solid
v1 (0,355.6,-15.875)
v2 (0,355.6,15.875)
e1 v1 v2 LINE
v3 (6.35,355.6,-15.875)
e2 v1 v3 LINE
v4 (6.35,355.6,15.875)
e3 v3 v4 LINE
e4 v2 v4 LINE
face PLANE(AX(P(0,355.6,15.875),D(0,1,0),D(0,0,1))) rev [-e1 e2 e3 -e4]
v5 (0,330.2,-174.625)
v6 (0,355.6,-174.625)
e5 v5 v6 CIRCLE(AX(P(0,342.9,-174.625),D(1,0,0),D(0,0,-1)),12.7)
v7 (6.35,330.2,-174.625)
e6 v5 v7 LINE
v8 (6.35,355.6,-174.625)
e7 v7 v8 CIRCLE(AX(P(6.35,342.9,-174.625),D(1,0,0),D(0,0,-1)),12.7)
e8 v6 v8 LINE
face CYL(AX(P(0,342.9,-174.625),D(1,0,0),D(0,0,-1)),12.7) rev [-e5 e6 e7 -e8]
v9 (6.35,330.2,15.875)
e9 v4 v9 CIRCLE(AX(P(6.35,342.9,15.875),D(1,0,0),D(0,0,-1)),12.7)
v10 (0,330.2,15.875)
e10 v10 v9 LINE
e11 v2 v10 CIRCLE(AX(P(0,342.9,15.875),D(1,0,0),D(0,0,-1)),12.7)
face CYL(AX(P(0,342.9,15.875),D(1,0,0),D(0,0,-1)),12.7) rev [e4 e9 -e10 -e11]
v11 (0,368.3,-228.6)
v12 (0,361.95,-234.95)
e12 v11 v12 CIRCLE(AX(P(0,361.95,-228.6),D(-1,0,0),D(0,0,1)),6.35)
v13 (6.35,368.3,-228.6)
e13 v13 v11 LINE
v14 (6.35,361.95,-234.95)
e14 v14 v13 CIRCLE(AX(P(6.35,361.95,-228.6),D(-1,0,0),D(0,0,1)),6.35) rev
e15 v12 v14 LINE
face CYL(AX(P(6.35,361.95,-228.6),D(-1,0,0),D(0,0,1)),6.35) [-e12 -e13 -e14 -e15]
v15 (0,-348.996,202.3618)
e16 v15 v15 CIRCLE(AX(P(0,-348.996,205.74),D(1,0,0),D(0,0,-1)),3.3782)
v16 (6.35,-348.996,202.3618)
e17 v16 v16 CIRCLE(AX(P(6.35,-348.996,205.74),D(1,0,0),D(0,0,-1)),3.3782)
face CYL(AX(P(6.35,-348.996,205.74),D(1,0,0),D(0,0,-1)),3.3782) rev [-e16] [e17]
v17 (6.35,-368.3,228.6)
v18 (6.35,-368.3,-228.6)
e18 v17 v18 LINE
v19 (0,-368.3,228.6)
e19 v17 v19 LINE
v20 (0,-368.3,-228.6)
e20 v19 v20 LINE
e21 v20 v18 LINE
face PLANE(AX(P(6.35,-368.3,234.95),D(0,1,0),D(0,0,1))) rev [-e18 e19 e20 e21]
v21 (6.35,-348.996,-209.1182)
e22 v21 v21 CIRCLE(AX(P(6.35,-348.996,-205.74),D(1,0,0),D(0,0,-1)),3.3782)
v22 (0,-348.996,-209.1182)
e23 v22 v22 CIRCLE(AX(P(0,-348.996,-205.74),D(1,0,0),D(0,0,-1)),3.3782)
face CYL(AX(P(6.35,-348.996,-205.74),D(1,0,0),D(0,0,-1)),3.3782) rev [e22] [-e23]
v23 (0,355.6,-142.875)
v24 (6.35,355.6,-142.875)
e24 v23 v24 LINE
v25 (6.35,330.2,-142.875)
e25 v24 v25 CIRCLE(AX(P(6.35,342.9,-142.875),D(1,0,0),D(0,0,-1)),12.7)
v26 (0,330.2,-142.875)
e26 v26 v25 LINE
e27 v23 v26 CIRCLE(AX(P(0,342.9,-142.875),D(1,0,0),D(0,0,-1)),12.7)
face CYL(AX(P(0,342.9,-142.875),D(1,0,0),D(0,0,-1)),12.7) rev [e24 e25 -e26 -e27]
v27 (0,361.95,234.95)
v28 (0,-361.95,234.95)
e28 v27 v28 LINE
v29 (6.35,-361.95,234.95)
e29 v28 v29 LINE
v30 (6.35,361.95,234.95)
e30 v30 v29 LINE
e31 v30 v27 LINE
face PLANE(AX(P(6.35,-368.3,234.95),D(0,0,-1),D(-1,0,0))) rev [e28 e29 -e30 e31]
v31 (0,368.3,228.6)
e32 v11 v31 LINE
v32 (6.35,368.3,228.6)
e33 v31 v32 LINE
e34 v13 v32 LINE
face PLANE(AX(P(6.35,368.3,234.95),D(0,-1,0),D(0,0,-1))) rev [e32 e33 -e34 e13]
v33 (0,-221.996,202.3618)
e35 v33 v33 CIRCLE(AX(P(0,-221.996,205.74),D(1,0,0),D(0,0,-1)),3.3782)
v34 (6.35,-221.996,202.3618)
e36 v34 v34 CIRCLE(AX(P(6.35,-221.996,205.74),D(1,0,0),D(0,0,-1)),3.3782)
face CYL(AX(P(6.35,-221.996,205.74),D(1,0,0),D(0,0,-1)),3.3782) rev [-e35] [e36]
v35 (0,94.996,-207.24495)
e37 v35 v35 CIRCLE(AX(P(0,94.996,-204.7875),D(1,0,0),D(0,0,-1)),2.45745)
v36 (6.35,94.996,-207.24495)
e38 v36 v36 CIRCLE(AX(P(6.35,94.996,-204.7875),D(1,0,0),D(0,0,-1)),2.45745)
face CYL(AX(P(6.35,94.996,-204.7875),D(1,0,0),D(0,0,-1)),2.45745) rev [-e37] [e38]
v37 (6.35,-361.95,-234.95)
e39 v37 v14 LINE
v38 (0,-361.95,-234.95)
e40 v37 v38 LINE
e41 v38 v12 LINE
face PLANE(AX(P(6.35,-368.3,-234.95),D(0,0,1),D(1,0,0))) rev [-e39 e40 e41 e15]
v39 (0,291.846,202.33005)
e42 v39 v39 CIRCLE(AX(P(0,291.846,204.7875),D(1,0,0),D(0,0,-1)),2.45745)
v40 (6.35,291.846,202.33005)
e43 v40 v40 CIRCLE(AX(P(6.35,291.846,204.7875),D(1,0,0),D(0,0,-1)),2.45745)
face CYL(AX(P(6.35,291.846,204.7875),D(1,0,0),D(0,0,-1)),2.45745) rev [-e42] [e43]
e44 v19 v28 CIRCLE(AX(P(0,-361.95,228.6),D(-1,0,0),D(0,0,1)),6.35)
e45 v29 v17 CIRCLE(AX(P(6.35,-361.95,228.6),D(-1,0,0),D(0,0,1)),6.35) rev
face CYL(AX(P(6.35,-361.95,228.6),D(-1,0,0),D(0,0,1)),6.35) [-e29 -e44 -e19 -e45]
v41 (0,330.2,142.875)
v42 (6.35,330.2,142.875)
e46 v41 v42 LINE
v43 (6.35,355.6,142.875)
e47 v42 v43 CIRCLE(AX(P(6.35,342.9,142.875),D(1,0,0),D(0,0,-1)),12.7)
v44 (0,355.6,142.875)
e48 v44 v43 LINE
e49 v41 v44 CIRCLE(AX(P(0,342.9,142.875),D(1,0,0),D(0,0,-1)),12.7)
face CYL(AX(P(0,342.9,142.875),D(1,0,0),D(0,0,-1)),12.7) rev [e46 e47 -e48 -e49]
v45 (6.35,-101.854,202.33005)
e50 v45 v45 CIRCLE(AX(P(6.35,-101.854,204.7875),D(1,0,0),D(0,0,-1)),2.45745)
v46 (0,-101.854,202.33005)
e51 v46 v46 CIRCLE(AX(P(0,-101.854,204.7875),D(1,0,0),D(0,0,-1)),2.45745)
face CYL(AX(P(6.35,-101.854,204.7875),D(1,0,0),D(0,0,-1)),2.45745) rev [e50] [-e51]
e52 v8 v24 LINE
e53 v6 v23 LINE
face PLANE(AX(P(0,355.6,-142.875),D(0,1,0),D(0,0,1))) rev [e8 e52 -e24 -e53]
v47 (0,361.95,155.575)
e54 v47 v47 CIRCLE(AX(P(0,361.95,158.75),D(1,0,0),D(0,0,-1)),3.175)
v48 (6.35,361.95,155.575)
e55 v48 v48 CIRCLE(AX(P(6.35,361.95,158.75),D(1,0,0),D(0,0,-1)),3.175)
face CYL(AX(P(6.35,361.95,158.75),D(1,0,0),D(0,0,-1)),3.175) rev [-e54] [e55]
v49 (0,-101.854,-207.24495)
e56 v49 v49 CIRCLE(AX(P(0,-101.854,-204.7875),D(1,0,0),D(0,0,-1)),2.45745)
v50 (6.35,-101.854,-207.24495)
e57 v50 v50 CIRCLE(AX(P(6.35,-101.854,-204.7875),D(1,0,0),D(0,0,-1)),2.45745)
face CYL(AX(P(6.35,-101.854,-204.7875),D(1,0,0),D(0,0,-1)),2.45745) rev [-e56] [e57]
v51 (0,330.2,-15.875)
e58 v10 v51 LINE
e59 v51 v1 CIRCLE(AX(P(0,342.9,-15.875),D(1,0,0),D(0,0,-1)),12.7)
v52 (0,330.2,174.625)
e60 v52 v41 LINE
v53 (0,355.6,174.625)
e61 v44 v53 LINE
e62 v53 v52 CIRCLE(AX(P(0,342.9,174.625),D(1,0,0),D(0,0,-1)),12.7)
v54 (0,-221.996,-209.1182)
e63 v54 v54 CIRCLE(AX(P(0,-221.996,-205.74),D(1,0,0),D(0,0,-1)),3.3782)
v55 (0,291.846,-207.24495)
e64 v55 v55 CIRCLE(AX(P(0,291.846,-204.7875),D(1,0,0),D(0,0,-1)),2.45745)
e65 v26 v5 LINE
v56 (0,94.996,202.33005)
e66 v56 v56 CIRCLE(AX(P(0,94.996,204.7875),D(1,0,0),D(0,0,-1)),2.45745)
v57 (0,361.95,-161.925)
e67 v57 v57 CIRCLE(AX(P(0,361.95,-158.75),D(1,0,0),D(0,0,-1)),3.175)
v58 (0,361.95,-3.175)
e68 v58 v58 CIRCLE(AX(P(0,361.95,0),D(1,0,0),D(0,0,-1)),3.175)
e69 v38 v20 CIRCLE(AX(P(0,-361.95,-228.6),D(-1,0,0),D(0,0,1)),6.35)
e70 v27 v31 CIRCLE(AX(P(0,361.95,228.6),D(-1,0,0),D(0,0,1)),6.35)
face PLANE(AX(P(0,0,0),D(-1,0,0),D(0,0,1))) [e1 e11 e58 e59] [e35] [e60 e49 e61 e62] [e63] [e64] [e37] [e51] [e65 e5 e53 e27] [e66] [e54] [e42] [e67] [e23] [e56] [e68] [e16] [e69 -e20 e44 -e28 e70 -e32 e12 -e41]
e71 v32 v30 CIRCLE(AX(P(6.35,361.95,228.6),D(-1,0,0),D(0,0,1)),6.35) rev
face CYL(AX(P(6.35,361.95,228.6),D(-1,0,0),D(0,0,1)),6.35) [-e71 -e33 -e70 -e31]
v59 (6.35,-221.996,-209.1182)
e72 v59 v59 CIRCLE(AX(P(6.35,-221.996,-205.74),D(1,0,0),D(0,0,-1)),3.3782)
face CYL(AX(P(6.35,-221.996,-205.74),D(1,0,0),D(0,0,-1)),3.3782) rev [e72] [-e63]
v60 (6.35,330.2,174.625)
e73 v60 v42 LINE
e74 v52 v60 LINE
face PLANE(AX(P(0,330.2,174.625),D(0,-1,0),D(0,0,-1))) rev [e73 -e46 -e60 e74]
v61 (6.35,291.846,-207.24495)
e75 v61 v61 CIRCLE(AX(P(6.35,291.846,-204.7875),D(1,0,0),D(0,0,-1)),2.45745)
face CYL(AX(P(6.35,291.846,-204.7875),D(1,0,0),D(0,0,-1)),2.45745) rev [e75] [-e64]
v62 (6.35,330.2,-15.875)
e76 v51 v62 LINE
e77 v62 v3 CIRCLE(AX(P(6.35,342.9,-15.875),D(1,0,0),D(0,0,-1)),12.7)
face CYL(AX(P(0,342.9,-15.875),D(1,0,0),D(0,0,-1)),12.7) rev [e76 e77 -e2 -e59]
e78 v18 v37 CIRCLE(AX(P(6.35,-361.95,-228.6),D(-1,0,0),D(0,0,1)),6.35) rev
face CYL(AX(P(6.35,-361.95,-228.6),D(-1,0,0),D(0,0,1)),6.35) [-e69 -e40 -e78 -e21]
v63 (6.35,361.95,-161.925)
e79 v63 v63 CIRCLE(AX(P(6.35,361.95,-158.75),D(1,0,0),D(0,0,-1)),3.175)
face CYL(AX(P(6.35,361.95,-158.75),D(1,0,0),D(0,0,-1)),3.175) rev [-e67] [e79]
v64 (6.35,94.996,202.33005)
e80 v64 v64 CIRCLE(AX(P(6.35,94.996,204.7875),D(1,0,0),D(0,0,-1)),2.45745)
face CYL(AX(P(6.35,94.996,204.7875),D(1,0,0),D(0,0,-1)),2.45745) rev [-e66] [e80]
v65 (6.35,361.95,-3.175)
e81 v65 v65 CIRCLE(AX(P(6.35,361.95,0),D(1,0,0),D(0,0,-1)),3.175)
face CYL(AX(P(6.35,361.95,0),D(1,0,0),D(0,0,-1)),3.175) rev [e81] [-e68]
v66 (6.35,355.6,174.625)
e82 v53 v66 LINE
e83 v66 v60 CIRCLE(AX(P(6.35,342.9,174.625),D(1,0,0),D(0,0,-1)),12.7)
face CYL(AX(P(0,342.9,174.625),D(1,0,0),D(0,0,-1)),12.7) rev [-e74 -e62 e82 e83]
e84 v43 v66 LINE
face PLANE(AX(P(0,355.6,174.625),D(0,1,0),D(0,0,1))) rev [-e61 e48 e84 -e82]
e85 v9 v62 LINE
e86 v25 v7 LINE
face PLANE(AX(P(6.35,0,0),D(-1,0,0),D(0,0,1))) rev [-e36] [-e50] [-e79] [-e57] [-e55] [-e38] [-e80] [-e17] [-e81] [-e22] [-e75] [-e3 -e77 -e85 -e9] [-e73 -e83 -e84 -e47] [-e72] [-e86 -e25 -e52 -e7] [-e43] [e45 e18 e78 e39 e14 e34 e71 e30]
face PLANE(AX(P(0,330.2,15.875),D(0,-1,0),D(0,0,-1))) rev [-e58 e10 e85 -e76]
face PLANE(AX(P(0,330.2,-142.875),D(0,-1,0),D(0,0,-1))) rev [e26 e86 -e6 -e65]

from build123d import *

# Parameters (mm, degrees)
SKETCH1_W                    = 469.9
SKETCH1_H                    = 736.6
BOSS_EXTRUDE1_DEPTH          = 6.35
F_10_0_1935_DIAMETER_HOLE1_D = 4.9149
H_0_266_DIAMETER_HOLE1_D     = 6.7564
CUT_EXTRUDE1_DEPTH           = 7.35
FILLET1_R                    = 6.35
E_0_25_DIAMETER_HOLE1_D      = 6.35


with BuildPart() as part:
    # Sketch1 → Boss-Extrude1 (new body)
    with BuildSketch(Plane(origin=(0, 0, 0), x_dir=(0, 0, -1), z_dir=(1, 0, 0))):
        Rectangle(SKETCH1_W, SKETCH1_H)
    extrude(amount=BOSS_EXTRUDE1_DEPTH)

    # #10 (0.1935) Diameter Hole1 (through all)
    with Locations(Plane(origin=(6.35, 0, 0), x_dir=(0, 0, -1), z_dir=(1, 0, 0))):
        with Locations((-204.7875, 291.846), (-204.7875, 94.996), (-204.7875, -101.854), (204.7875, 94.996), (204.7875, 291.846), (204.7875, -101.854)):
            Hole(F_10_0_1935_DIAMETER_HOLE1_D / 2)

    # H (0.266) Diameter Hole1 (through all)
    with Locations(Plane(origin=(6.35, 0, 0), x_dir=(0, 0, -1), z_dir=(1, 0, 0))):
        with Locations((-205.74, -221.996), (-205.74, -348.996), (205.74, -221.996), (205.74, -348.996)):
            Hole(H_0_266_DIAMETER_HOLE1_D / 2)

    # Sketch7 → Cut-Extrude1 (cut, through all)
    with BuildSketch(Plane(origin=(6.35, 0, 0), x_dir=(0, 0, -1), z_dir=(1, 0, 0))):
        with BuildLine():
            Line((-174.625, 355.6), (-142.875, 355.6))
            ThreePointArc((-142.875, 355.6), (-130.175, 342.9), (-142.875, 330.2))
            Line((-142.875, 330.2), (-174.625, 330.2))
            ThreePointArc((-174.625, 330.2), (-187.325, 342.9), (-174.625, 355.6))
        make_face()
        with BuildLine():
            Line((-15.875, 355.6), (15.875, 355.6))
            ThreePointArc((15.875, 355.6), (28.575, 342.9), (15.875, 330.2))
            Line((15.875, 330.2), (-15.875, 330.2))
            ThreePointArc((-15.875, 330.2), (-28.575, 342.9), (-15.875, 355.6))
        make_face()
        with BuildLine():
            Line((142.875, 355.6), (174.625, 355.6))
            ThreePointArc((174.625, 355.6), (187.325, 342.9), (174.625, 330.2))
            Line((174.625, 330.2), (142.875, 330.2))
            ThreePointArc((142.875, 330.2), (130.175, 342.9), (142.875, 355.6))
        make_face()
    extrude(amount=-CUT_EXTRUDE1_DEPTH, mode=Mode.SUBTRACT)

    # Fillet1
    fillet1_edges = [part.edges().sort_by_distance(p)[0] for p in [
        (3.175, -368.3, -234.95),
        (3.175, -368.3, 234.95),
        (3.175, 368.3, 234.95),
        (3.175, 368.3, -234.95),
    ]]
    fillet(fillet1_edges, radius=FILLET1_R)

    # E (0.25) Diameter Hole1 (through all)
    with Locations(Plane(origin=(6.35, 0, 0), x_dir=(0, 0, -1), z_dir=(1, 0, 0))):
        with Locations((-158.75, 361.95), (0, 361.95), (158.75, 361.95)):
            Hole(E_0_25_DIAMETER_HOLE1_D / 2)


solid = part.part
